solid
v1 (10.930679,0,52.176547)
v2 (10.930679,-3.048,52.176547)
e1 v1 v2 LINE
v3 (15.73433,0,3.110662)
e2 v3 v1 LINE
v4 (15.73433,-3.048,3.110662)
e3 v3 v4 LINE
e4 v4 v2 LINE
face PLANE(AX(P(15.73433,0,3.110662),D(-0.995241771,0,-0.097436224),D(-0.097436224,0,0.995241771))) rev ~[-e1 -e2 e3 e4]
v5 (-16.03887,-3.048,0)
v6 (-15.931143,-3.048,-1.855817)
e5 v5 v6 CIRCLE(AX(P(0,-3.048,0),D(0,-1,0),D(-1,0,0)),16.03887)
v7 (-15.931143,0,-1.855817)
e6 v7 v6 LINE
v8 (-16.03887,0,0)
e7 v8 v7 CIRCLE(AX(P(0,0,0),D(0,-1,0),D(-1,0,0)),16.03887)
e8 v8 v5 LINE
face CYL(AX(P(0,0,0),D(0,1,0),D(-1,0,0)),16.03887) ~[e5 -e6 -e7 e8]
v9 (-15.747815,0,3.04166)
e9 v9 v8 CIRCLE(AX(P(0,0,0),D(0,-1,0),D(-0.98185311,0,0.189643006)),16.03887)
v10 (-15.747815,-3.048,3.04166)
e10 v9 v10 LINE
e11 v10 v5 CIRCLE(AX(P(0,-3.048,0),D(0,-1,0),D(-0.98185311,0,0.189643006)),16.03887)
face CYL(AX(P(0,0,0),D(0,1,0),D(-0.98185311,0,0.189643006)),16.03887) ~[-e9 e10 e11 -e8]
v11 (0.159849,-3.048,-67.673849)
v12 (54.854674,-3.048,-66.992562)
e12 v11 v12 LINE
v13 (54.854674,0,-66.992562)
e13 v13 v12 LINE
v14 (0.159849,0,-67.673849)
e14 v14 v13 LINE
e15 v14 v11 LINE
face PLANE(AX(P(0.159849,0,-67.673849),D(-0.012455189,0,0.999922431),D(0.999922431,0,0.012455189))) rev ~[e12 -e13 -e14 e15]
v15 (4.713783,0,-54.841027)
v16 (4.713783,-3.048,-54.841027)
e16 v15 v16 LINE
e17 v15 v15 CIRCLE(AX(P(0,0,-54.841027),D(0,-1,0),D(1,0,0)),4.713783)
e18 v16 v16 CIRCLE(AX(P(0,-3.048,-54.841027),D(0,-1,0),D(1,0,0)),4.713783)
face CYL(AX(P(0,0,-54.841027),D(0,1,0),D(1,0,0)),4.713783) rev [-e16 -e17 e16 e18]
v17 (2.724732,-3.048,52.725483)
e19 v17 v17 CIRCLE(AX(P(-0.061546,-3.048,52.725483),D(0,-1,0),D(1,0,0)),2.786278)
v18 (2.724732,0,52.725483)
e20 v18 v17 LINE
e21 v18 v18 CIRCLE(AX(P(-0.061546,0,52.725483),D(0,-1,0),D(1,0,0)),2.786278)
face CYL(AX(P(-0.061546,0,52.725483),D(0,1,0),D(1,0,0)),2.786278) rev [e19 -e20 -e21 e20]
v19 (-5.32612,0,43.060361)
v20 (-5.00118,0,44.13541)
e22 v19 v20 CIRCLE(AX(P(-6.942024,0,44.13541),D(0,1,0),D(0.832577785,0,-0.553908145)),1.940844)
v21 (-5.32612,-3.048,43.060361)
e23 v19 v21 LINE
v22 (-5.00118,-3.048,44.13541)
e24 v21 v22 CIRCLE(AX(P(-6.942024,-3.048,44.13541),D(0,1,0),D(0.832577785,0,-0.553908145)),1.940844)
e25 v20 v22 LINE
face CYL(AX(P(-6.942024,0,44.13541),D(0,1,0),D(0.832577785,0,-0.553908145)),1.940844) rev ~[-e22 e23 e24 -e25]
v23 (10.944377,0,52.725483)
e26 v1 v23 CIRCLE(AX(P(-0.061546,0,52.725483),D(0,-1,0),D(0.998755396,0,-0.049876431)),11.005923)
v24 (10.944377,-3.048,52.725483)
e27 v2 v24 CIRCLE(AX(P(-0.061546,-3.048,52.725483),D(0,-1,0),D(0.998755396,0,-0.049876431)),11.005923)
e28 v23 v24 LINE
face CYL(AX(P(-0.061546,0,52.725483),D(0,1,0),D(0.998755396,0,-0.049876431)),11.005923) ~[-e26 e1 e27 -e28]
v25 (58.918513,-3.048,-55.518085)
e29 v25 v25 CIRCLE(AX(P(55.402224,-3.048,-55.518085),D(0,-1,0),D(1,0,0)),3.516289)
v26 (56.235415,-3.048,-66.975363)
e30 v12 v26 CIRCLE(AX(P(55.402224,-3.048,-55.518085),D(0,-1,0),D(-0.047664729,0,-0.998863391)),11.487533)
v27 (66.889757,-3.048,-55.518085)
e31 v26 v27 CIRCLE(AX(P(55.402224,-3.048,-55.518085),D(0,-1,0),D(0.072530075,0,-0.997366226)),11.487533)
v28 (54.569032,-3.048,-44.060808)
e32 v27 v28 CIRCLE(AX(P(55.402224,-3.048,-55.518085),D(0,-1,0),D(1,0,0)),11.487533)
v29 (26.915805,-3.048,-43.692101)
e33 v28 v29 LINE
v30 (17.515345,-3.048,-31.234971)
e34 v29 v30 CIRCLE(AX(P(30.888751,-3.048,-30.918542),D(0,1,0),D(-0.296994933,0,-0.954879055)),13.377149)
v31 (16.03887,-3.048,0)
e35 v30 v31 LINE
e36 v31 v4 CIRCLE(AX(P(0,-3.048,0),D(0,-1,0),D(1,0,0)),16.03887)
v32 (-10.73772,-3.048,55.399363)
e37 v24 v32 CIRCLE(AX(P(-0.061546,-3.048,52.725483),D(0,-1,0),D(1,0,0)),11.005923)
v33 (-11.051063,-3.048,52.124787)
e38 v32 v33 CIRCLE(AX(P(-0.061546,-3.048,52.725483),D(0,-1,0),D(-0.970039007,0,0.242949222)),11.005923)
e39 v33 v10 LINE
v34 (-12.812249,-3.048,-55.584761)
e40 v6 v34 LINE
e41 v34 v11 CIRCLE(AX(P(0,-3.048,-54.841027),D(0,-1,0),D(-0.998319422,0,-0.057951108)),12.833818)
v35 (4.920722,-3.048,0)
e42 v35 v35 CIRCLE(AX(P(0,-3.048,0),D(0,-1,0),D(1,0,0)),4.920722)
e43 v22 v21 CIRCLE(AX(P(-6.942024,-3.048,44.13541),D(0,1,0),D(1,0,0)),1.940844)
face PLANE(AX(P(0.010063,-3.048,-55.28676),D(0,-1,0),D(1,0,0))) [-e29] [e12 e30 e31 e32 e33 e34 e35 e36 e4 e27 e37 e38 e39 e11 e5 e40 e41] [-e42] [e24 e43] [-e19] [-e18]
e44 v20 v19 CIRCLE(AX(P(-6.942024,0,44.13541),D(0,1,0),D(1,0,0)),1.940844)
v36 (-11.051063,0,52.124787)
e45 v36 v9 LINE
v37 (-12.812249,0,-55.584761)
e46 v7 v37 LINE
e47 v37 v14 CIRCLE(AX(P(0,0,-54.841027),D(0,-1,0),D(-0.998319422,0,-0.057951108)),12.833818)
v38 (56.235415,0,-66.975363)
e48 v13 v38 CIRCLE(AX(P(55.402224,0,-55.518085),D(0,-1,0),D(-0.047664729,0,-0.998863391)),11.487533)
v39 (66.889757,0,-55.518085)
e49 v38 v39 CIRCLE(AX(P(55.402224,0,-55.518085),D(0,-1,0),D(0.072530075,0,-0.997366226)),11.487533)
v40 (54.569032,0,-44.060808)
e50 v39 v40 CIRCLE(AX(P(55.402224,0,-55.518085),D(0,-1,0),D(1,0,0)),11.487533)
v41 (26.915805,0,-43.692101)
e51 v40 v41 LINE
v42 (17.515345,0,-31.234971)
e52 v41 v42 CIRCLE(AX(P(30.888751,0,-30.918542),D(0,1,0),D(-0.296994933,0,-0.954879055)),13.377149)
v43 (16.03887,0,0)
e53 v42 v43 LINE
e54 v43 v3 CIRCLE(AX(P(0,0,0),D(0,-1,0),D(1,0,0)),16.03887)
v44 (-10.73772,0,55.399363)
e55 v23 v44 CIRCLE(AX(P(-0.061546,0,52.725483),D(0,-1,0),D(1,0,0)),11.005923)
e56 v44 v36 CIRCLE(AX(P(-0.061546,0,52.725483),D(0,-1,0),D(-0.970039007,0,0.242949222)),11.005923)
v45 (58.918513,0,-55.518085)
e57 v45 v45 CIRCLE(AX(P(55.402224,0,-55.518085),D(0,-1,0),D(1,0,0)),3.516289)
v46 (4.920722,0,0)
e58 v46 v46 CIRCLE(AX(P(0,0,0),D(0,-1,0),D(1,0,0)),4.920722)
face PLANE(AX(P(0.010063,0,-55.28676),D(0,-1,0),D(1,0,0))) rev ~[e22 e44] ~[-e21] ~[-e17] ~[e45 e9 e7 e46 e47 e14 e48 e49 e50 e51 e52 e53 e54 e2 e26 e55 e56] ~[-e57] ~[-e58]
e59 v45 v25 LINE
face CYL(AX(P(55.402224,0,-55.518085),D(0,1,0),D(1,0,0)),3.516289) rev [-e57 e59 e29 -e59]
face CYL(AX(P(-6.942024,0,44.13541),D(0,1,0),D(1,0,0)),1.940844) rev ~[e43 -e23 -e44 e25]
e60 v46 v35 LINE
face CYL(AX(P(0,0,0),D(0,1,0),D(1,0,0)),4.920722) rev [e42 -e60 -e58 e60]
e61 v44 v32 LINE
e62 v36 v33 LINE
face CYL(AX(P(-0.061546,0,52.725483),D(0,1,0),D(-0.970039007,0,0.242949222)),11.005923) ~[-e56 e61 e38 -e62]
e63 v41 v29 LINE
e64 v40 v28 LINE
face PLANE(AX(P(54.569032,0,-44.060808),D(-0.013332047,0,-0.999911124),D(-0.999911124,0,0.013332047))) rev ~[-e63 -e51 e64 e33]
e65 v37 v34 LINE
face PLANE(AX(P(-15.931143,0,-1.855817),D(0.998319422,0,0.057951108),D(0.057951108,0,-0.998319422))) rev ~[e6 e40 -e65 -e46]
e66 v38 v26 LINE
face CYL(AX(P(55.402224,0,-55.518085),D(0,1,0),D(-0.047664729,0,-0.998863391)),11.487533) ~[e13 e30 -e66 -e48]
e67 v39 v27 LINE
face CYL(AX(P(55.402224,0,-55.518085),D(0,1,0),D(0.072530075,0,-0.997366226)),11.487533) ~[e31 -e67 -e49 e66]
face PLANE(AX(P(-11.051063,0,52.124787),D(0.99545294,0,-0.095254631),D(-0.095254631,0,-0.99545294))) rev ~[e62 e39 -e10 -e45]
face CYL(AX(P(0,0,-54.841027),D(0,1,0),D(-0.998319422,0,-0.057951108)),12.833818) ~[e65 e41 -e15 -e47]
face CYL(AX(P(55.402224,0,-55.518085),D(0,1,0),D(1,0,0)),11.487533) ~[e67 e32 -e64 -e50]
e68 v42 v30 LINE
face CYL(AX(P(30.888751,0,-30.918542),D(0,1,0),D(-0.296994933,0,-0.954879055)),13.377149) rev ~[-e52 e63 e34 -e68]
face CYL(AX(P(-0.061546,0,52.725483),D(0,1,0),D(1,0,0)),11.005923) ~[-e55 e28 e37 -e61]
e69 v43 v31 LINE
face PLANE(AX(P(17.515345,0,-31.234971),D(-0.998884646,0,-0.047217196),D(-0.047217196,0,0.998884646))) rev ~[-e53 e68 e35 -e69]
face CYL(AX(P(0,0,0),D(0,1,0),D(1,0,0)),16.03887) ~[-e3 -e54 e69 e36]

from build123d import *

# Parameters (mm, degrees)
F0_R     = 4.713782939
F0_R_2   = 4.9207223913
F0_R_3   = 3.5162893768
F0_R_4   = 2.7862776977
F1_DEPTH = 3.048


with BuildPart() as f1:
    # F0 (on Front) → F1 (new body)
    with BuildSketch(Plane.XZ):
        with BuildLine():
            ThreePointArc((0.1598490126, -67.6738487769), (9.1312197479, -63.8592138989), (12.8338176352, -54.8410266638))
            ThreePointArc((12.8338176352, -54.8410266638), (-0.3720233097, -42.0126022184), (-12.8122494086, -55.5847606105))
            ThreePointArc((-12.8122494086, -55.5847606105), (-8.7497041161, -64.2298259999), (0.1598490126, -67.6738487769))
        make_face()
        with Locations((0, -54.8410266638)):
            Circle(F0_R, mode=Mode.SUBTRACT)
        with BuildLine():
            ThreePointArc((-12.8122494086, -55.5847606105), (-0.3720233097, -42.0126022184), (12.8338176352, -54.8410266638))
            ThreePointArc((12.8338176352, -54.8410266638), (9.1312197479, -63.8592138989), (0.1598490126, -67.6738487769))
            Line((0.1598490126, -67.6738487769), (54.8546735279, -66.9925615556))
            ThreePointArc((54.8546735279, -66.9925615556), (43.9155816109, -55.6611646444), (54.5690320432, -44.0608076751))
            Line((54.5690320432, -44.0608076751), (26.9158054143, -43.6921007931))
            ThreePointArc((26.9158054143, -43.6921007931), (20.2107829868, -38.9764019222), (17.5153449808, -31.2349708175))
            Line((17.5153449808, -31.2349708175), (16.0388704389, 0))
            ThreePointArc((16.0388704389, 0), (0.9294703066, -16.0119158724), (-15.9311427714, -1.8558165193))
            Line((-15.9311427714, -1.8558165193), (-12.8122494086, -55.5847606105))
        make_face()
        with BuildLine():
            Line((-16.0388704389, 0), (-15.9311427714, -1.8558165193))
            ThreePointArc((-15.9311427714, -1.8558165193), (0.9294703066, -16.0119158724), (16.0388704389, 0))
            Line((16.0388704389, 0), (15.7343302143, 3.1106619335))
            ThreePointArc((15.7343302143, 3.1106619335), (-0.0351537941, 16.0388319141), (-15.7478148275, 3.041659599))
            Line((-15.7478148275, 3.041659599), (-16.0388704389, 0))
        make_face()
        Circle(F0_R_2, mode=Mode.SUBTRACT)
        with BuildLine():
            ThreePointArc((-16.0388704389, 0), (-16.0119158724, -0.9294703066), (-15.9311427714, -1.8558165193))
            Line((-15.9311427714, -1.8558165193), (-16.0388704389, 0))
        make_face()
        with BuildLine():
            ThreePointArc((54.5690320432, -44.0608076751), (43.9155816109, -55.6611646444), (54.8546735279, -66.9925615556))
            Line((54.8546735279, -66.9925615556), (56.2354153129, -66.9753628217))
            ThreePointArc((56.2354153129, -66.9753628217), (63.8145579026, -63.3408757088), (66.8897568202, -55.5180852484))
            ThreePointArc((66.8897568202, -55.5180852484), (63.2250141384, -47.1057510239), (54.5690320432, -44.0608076751))
        make_face()
        with Locations((55.4022236781, -55.5180852484)):
            Circle(F0_R_3, mode=Mode.SUBTRACT)
        with BuildLine():
            Line((56.2354153129, -66.9753628217), (54.8546735279, -66.9925615556))
            ThreePointArc((54.8546735279, -66.9925615556), (55.545303074, -67.0047273156), (56.2354153129, -66.9753628217))
        make_face()
        with BuildLine():
            ThreePointArc((-15.7478148275, 3.041659599), (-15.9659407282, 1.5277766922), (-16.0388704389, 0))
            Line((-16.0388704389, 0), (-15.7478148275, 3.041659599))
        make_face()
        with BuildLine():
            Line((15.7343302143, 3.1106619335), (16.0388704389, 0))
            ThreePointArc((16.0388704389, 0), (15.9625538168, 1.5627669702), (15.7343302143, 3.1106619335))
        make_face()
        with BuildLine():
            Line((-11.0510632254, 52.1247867843), (-15.7478148275, 3.041659599))
            ThreePointArc((-15.7478148275, 3.041659599), (-0.0351537941, 16.0388319141), (15.7343302143, 3.1106619335))
            Line((15.7343302143, 3.1106619335), (10.9306788188, 52.176546597))
            ThreePointArc((10.9306788188, 52.176546597), (5.3215487746, 43.1258668695), (-5.3261200924, 43.0603605161))
            ThreePointArc((-5.3261200924, 43.0603605161), (-8.1553652084, 42.6205897632), (-8.3439608764, 45.4775913235))
            ThreePointArc((-8.3439608764, 45.4775913235), (-10.2545898673, 48.5743164316), (-11.0510632254, 52.1247867843))
        make_face()
        with BuildLine():
            Line((-10.737719879, 55.3993630507), (-11.0510632254, 52.1247867843))
            ThreePointArc((-11.0510632254, 52.1247867843), (-10.2545898673, 48.5743164316), (-8.3439608764, 45.4775913235))
            ThreePointArc((-8.3439608764, 45.4775913235), (-6.2188588216, 45.9364956587), (-5.0011796108, 44.1354100772))
            ThreePointArc((-5.0011796108, 44.1354100772), (-5.0841899148, 43.5738680318), (-5.3261200924, 43.0603605161))
            ThreePointArc((-5.3261200924, 43.0603605161), (5.3215487746, 43.1258668695), (10.9306788188, 52.176546597))
            ThreePointArc((10.9306788188, 52.176546597), (10.9409517948, 52.4509292237), (10.9443768307, 52.7254827321))
            ThreePointArc((10.9443768307, 52.7254827321), (1.2855224003, 63.6486571068), (-10.737719879, 55.3993630507))
        make_face()
        with Locations((-0.0615457071, 52.7254827321)):
            Circle(F0_R_4, mode=Mode.SUBTRACT)
        with BuildLine():
            ThreePointArc((-10.737719879, 55.3993630507), (-11.0174236516, 53.7738478269), (-11.0510632254, 52.1247867843))
            Line((-11.0510632254, 52.1247867843), (-10.737719879, 55.3993630507))
        make_face()
    extrude(amount=F1_DEPTH)


solid = f1.part
